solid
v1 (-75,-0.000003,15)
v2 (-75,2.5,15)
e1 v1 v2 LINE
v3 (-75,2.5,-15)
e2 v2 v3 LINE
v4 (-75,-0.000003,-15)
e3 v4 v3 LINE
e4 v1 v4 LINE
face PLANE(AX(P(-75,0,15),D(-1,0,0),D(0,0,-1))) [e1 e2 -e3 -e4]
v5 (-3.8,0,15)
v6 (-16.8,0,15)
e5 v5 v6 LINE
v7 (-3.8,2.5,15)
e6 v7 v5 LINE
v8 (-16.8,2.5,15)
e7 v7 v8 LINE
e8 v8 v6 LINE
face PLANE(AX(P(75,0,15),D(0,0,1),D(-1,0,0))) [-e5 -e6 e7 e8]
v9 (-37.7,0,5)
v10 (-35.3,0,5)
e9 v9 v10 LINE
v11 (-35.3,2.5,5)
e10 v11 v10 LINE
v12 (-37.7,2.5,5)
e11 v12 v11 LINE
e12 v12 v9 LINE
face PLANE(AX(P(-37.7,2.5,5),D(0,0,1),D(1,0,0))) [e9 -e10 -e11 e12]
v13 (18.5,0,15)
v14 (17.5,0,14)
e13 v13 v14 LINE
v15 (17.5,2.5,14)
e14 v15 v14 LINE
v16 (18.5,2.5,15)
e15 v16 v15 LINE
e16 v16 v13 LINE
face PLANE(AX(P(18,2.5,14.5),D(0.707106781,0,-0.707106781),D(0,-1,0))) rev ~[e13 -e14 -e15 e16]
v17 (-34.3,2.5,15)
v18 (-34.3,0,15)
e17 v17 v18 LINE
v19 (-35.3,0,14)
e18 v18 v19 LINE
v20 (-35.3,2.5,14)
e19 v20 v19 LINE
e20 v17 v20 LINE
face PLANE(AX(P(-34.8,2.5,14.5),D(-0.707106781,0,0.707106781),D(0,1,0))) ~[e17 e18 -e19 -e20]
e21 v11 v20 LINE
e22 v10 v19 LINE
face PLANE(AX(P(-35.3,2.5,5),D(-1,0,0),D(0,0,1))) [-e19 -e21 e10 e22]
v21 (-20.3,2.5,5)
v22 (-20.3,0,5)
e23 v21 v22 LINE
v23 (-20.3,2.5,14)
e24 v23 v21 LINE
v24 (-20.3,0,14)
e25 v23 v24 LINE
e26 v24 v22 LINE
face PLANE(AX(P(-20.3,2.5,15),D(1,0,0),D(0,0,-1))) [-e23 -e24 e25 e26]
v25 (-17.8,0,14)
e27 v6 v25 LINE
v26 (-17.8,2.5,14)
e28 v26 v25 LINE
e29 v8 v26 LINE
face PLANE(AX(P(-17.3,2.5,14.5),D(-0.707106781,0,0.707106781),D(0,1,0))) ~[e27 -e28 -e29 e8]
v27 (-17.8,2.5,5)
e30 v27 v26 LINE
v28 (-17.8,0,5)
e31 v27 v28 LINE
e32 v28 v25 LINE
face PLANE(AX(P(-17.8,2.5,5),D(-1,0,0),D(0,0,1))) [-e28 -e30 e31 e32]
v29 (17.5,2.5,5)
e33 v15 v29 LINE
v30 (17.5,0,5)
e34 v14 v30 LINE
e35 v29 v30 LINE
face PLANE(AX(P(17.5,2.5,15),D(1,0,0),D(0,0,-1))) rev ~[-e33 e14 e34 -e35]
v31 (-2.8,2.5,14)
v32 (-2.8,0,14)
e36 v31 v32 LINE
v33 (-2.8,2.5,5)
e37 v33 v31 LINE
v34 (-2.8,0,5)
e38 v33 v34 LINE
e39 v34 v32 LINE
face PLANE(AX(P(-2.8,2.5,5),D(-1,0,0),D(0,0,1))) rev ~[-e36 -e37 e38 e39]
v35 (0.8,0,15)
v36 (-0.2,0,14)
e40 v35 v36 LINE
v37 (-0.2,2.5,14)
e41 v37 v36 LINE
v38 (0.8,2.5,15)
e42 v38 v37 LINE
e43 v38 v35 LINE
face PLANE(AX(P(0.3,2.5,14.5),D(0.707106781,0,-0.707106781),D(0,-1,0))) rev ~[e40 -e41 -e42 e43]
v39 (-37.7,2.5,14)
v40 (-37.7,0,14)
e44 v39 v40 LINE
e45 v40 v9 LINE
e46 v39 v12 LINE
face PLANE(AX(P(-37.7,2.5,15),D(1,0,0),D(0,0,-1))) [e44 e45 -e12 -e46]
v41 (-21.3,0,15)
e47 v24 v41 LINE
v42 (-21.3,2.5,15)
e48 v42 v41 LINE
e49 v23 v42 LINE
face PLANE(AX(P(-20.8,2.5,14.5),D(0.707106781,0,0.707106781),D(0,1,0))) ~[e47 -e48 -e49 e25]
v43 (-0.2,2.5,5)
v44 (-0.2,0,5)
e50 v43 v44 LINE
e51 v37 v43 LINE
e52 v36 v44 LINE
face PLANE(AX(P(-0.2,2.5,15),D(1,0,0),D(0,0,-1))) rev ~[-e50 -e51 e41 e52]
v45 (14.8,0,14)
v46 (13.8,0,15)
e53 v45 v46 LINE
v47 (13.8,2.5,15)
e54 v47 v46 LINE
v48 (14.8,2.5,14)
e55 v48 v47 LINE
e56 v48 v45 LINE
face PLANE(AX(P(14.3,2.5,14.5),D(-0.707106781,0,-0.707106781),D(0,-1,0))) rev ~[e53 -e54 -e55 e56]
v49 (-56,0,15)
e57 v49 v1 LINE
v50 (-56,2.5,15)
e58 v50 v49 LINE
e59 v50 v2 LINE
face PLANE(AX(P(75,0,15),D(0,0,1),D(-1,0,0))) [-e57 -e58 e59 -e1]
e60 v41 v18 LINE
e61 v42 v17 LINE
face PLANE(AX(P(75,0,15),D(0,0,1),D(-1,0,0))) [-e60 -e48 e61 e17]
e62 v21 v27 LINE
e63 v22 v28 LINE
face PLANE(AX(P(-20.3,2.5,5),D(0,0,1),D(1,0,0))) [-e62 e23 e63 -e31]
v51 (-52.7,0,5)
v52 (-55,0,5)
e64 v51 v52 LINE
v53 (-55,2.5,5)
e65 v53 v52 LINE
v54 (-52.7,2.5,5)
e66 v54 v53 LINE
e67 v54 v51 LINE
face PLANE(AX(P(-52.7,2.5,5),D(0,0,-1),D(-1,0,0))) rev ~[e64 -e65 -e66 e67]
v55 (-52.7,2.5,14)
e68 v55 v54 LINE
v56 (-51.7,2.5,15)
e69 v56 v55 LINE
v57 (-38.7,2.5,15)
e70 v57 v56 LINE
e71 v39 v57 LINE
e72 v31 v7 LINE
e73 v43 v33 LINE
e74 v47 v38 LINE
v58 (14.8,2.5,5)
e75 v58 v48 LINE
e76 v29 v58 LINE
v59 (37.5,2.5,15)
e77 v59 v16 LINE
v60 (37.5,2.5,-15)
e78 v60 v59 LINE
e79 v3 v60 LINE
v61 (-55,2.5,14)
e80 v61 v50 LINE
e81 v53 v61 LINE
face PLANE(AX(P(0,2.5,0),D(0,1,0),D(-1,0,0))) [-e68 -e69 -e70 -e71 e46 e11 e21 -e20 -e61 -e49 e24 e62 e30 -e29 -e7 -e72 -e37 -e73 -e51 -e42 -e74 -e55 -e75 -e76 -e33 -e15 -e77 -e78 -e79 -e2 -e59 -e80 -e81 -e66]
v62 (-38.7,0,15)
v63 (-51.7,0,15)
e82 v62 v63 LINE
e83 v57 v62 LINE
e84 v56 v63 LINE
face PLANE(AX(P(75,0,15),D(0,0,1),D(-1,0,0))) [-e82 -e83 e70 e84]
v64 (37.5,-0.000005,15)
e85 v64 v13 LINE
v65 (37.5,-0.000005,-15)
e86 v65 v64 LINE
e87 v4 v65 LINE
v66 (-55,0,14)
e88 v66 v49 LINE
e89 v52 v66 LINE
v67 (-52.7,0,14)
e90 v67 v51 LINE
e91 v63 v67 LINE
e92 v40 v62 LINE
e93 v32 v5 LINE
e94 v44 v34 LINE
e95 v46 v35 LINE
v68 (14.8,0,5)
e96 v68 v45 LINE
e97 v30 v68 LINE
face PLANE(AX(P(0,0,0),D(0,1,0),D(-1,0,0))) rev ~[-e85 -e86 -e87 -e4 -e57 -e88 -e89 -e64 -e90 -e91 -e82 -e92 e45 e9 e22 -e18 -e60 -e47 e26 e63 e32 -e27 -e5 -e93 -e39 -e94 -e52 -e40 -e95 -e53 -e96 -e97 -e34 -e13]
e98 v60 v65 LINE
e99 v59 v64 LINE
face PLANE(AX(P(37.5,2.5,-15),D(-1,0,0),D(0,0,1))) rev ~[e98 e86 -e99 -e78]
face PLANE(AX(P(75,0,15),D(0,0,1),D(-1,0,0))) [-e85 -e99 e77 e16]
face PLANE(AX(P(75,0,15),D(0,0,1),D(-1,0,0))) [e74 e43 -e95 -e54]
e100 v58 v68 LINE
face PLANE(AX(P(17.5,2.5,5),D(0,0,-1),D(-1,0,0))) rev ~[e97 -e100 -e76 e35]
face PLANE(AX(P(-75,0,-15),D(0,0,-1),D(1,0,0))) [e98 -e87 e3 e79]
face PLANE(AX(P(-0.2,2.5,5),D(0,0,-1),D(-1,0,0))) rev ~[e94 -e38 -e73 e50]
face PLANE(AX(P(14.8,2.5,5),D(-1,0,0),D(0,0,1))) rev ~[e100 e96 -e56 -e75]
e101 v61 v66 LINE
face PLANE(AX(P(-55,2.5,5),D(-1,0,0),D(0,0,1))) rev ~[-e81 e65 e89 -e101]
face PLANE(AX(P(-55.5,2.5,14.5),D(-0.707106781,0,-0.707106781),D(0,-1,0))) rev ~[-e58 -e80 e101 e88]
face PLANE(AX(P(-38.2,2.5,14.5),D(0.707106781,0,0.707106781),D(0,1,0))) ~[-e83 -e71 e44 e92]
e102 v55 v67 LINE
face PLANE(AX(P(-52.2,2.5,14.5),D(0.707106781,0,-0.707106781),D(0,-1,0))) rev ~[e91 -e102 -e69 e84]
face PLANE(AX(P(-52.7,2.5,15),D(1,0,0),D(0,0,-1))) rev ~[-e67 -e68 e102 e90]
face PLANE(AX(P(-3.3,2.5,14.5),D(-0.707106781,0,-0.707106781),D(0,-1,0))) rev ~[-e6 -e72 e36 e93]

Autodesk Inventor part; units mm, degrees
ref_plane "YZ Plane" through (0, 0, 0) normal (1, 0, 0) x (0, 1, 0)
ref_plane "XZ Plane" through (0, 0, 0) normal (0, 1, 0) x (-1, 0, 0)
ref_plane "XY Plane" through (0, 0, 0) normal (0, 0, 1) x (1, 0, 0)
sketch "Sketch1" plane through (0, 0, 0) normal (0, 1, 0) x (-1, 0, 0)
  line L0 (75, -15) -> (-75, -15)
  line L1 (-75, -15) -> (-75, 15)
  line L2 (-75, 15) -> (75, 15)
  line L3 (75, 15) -> (75, -15)
  point P0 (0, 0)
  point P1 (0, -15)
  point P2 (75, 0)
  point P3 (0, 15)
  dimension "d0" = 150
  dimension "d1" = 30
extrude "Extrusion1" add sketch "Sketch1" along normal blind 2.5
sketch "Sketch3" plane through (0, 2.5, 0) normal (0, 1, 0) x (1, 0, 0)
  line L0 (-75, 15) -> (-75, -15) projected
  line L1 (-75, -15) -> (75, -15) projected
  line L2 (-55, -15) -> (-52.7, -15)
  line L3 (-52.7, -15) -> (-52.7, -5)
  line L4 (-52.7, -5) -> (-55, -5)
  line L5 (-55, -5) -> (-55, -15)
  point P0 (0, 0)
  point P1 (-53.85, -15)
  point P2 (0, -15)
  dimension "d4" = 2.3
  dimension "d5" = 10
  dimension "d6" = 20
extrude "-0.2" cut sketch "Sketch3" along normal through all both and the other way through all
sketch "Sketch4" plane through (0, 2.5, 0) normal (0, 1, 0) x (1, 0, 0)
  line L0 (-75, -15) -> (-55, -15) projected
  line L1 (-37.7, -5) -> (-35.3, -5)
  line L2 (-35.3, -5) -> (-35.3, -15)
  line L3 (-35.3, -15) -> (-37.7, -15)
  line L4 (-37.7, -15) -> (-37.7, -5)
  point P0 (-52.7, -15)
  point P1 (0, 0)
  point P2 (-36.5, -15)
  point P3 (-65, -15)
  dimension "d9" = 10
  dimension "d10" = 2.4
  dimension "d11" = 15
extrude "-0.1" cut sketch "Sketch4" against normal through all
sketch "Sketch5" plane through (0, 2.5, 0) normal (0, 1, 0) x (1, 0, 0)
  line L0 (-75, -15) -> (-55, -15) projected
  line L1 (-20.3, -5) -> (-17.8, -5)
  line L2 (-17.8, -5) -> (-17.8, -15)
  line L3 (-17.8, -15) -> (-20.3, -15)
  line L4 (-20.3, -15) -> (-20.3, -5)
  point P0 (-35.3, -5)
  point P1 (0, 0)
  point P2 (-19.05, -15)
  point P3 (-65, -15)
  dimension "d15" = 10
  dimension "d16" = 2.5
  dimension "d17" = 15
extrude "0.0" cut sketch "Sketch5" against normal through all
sketch "Sketch6" plane through (0, 2.5, 0) normal (0, 1, 0) x (1, 0, 0)
  line L0 (-75, -15) -> (-55, -15) projected
  line L1 (-2.8, -15) -> (-0.2, -15)
  line L2 (-0.2, -15) -> (-0.2, -5)
  line L3 (-0.2, -5) -> (-2.8, -5)
  line L4 (-2.8, -5) -> (-2.8, -15)
  point P0 (-17.8, -5)
  point P1 (0, 0)
  point P2 (-1.5, -15)
  point P3 (-65, -15)
  dimension "d20" = 10
  dimension "d21" = 2.6
  dimension "d22" = 15
extrude "+0.1" cut sketch "Sketch6" against normal through all
sketch "Sketch7" plane through (0, 2.5, 0) normal (0, 1, 0) x (1, 0, 0)
  line L0 (-75, -15) -> (-55, -15) projected
  line L1 (14.8, -15) -> (17.5, -15)
  line L2 (17.5, -15) -> (17.5, -5)
  line L3 (17.5, -5) -> (14.8, -5)
  line L4 (14.8, -5) -> (14.8, -15)
  point P0 (-0.2, -5)
  point P1 (0, 0)
  point P2 (16.15, -15)
  point P3 (-65, -15)
  dimension "d25" = 10
  dimension "d26" = 2.7
  dimension "d27" = 15
extrude "+0.2" cut sketch "Sketch7" against normal through all
sketch "Sketch8" plane through (0, 2.5, 0) normal (0, 1, 0) x (1, 0, 0)
  line L0 (75, 15) -> (-75, 15) projected
  line L1 (-75, 15) -> (-75, -15) projected
  line L2 (-75, -15) -> (-55, -15) projected
  line L3 (-75, 15) -> (37.5, 15)
  line L4 (37.5, 15) -> (37.5, -15)
  line L5 (37.5, -15) -> (-75, -15)
  line L6 (-75, -15) -> (-75, 15)
  point P0 (17.5, -5)
  point P1 (0, 0)
  point P2 (-18.75, -15)
  point P3 (-65, -15)
  point P4 (-18.75, 15)
  point P5 (0, 15)
  point P6 (-75, 0)
  point P7 (-75, 0)
  dimension "d30" = 20
extrude "Extrusion7" cut sketch "Sketch8" against normal through all keep common part
chamfer "Chamfer1" distance 1 angle 45 10 edges at (-55, 1.25, 15) (-52.7, 1.25, 15) (-37.7, 1.25, 15) (-35.3, 1.25, 15) (-20.3, 1.25, 15) (-17.8, 1.25, 15) (-2.8, 1.25, 15) (-0.2, 1.25, 15) (14.8, 1.25, 15) (17.5, 1.25, 15)
equation "\"d2\" = CardThickness"
equation "\"d12\" = CardThickness"
equation "\"d16\" = CardThickness"
equation "\"d18\" = CardThickness"
equation "\"d23\" = CardThickness"
equation "\"d28\" = CardThickness"
equation "\"d31\" = CardThickness"
equation "\"CardThickness\" = 2.5"
properties part number "SlotRuler"
